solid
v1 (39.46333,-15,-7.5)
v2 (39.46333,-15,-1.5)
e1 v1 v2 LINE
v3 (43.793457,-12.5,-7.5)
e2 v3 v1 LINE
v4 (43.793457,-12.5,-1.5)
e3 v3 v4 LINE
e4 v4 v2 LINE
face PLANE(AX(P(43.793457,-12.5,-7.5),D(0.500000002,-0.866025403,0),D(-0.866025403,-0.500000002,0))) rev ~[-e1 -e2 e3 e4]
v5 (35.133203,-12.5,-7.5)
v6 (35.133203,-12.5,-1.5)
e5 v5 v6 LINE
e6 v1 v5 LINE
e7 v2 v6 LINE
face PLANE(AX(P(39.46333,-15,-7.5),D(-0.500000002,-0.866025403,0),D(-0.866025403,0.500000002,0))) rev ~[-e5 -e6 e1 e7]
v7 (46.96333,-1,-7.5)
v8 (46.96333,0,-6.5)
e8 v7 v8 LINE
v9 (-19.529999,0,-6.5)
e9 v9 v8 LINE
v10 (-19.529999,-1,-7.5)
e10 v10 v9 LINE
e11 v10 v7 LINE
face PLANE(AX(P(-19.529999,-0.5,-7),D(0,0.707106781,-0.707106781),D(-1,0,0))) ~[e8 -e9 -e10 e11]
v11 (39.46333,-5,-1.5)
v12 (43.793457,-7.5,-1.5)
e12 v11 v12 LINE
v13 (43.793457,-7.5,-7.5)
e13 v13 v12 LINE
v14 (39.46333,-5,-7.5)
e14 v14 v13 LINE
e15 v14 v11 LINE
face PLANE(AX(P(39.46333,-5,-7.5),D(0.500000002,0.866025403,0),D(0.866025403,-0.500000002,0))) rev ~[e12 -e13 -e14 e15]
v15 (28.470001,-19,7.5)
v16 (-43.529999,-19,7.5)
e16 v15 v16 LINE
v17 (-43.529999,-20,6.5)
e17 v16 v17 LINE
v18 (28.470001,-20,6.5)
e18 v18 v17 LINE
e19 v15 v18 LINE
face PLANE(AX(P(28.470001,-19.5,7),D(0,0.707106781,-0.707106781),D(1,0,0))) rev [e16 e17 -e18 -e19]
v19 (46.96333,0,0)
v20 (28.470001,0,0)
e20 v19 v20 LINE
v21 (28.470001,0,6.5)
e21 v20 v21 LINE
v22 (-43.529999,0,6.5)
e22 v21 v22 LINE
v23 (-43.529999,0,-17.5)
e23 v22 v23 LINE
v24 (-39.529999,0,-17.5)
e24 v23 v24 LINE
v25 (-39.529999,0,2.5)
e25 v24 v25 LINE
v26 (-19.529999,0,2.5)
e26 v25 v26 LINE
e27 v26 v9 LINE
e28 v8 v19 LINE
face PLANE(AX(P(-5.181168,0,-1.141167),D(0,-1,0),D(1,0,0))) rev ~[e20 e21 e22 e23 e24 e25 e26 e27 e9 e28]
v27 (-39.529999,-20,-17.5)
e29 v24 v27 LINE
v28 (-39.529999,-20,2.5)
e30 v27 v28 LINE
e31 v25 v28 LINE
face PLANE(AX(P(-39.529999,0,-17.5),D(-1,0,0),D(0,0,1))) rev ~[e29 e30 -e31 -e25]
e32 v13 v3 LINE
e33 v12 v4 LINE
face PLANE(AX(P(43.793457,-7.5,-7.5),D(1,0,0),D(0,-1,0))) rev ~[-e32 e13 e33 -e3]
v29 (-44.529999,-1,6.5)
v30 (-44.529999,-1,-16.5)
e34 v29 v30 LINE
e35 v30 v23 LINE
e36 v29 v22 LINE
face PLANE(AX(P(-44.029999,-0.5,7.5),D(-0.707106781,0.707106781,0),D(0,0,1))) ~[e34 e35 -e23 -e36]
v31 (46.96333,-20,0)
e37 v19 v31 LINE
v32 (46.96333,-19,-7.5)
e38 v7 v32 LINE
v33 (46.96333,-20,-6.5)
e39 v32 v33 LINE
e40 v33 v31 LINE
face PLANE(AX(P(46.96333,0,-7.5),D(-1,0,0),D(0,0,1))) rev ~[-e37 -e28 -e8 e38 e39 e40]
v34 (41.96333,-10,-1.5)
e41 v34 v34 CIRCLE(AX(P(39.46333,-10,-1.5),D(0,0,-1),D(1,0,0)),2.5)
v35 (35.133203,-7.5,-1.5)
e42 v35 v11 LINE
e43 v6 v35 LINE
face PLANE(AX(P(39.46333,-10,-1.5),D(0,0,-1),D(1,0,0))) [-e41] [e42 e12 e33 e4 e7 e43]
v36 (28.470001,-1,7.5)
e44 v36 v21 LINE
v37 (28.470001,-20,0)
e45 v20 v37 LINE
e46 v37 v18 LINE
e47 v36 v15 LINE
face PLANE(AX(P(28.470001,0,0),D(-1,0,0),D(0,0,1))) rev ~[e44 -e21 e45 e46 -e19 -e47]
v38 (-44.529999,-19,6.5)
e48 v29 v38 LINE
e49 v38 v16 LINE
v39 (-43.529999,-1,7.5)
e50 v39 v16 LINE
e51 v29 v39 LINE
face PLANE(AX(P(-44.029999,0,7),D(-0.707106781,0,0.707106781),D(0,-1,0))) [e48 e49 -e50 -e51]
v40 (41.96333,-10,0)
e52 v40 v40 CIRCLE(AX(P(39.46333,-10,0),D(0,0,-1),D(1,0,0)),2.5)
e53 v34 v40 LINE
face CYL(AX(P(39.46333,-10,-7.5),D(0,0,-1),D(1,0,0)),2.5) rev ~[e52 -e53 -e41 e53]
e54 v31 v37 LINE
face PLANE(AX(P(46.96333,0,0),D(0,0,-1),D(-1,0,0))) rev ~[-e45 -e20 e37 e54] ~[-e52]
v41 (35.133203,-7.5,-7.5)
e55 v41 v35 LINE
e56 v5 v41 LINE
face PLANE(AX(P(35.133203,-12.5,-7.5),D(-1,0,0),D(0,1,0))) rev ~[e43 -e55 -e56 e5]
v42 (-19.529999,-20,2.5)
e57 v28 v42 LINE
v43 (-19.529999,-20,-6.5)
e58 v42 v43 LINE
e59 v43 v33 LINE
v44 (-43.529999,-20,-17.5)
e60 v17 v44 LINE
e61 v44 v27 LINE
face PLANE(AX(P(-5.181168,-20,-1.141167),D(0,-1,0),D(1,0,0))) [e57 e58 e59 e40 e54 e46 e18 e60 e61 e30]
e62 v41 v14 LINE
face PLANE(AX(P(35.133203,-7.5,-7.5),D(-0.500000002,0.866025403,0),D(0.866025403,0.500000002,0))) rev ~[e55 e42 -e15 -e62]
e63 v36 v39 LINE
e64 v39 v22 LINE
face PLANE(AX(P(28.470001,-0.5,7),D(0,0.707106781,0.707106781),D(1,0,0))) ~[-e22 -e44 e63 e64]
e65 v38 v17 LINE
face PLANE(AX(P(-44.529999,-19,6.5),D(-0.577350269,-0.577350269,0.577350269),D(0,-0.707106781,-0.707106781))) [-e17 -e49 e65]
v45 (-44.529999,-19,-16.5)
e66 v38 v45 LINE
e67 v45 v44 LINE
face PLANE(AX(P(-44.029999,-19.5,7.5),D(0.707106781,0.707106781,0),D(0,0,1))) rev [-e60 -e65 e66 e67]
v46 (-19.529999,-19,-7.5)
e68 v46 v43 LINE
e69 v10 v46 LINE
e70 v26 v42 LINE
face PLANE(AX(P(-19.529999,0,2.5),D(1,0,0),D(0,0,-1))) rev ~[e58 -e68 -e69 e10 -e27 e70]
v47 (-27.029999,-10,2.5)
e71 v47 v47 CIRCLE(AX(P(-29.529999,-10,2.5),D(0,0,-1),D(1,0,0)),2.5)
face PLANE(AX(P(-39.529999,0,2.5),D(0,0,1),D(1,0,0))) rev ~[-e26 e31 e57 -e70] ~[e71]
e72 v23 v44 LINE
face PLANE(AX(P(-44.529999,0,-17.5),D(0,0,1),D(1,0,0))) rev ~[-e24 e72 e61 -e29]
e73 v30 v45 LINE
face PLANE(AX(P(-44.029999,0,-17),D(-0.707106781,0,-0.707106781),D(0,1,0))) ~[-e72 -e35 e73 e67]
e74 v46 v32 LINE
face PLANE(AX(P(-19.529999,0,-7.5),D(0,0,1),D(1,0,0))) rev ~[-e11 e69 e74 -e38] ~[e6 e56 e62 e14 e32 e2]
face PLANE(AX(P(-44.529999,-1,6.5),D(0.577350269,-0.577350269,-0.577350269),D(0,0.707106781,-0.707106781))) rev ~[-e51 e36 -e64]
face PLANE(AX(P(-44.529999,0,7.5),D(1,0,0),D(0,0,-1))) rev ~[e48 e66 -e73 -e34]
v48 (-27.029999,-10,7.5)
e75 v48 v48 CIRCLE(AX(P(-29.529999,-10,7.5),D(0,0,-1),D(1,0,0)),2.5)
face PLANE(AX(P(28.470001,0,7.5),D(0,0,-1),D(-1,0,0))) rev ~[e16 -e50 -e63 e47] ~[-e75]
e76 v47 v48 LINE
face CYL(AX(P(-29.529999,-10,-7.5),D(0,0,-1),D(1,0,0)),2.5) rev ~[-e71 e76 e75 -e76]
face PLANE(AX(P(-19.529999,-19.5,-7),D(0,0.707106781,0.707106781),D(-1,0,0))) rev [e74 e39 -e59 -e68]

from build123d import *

# Parameters (mm, degrees)
F1_DEPTH = 20
F2_SIZE  = 1
F3_R     = 2.5
F4_DEPTH = 25
F6_DEPTH = 6


with BuildPart() as f1:
    # F0 (on Front) → F1 (new body)
    with BuildSketch(Plane.XZ):
        Polygon((-44.529999, 7.5), (-44.529999, -17.5), (-39.529999, -17.5), (-39.529999, 2.5), (-19.529999, 2.5), (-19.529999, -7.5), (0, -7.5), (46.96333, -7.5), (46.96333, 0), (28.470001, 0), (28.470001, 7.5), (0, 7.5), align=None)
    extrude(amount=F1_DEPTH)

    # F2
    f2_edges = [f1.edges().sort_by_distance(p)[0] for p in [
        (-8.029999, -20, 7.5),
        (-8.029999, 0, 7.5),
        (-44.529999, -10, 7.5),
        (-44.529999, -20, -5),
        (-44.529999, 0, -5),
        (-44.529999, -10, -17.5),
        (13.716665, 0, -7.5),
        (13.716665, -20, -7.5),
    ]]
    chamfer(f2_edges, length=F2_SIZE)

    # F3 (on face) → F4 (cut)
    with BuildSketch(Plane(origin=(0, 0, -7.5), x_dir=(1, 0, 0), z_dir=(0, 0, -1))):
        with Locations((-29.529999, 10)):
            Circle(F3_R)
        with Locations((39.46333, 10)):
            Circle(F3_R)
    extrude(amount=-F4_DEPTH, mode=Mode.SUBTRACT)

    # F5 (on face) → F6 (cut)
    with BuildSketch(Plane(origin=(0, 0, -7.5), x_dir=(1, 0, 0), z_dir=(0, 0, -1))):
        Polygon((35.133203, 12.5), (35.133203, 7.5), (39.46333, 5), (43.793457, 7.5), (43.793457, 12.5), (39.46333, 15), align=None)
    extrude(amount=-F6_DEPTH, mode=Mode.SUBTRACT)


solid = f1.part
